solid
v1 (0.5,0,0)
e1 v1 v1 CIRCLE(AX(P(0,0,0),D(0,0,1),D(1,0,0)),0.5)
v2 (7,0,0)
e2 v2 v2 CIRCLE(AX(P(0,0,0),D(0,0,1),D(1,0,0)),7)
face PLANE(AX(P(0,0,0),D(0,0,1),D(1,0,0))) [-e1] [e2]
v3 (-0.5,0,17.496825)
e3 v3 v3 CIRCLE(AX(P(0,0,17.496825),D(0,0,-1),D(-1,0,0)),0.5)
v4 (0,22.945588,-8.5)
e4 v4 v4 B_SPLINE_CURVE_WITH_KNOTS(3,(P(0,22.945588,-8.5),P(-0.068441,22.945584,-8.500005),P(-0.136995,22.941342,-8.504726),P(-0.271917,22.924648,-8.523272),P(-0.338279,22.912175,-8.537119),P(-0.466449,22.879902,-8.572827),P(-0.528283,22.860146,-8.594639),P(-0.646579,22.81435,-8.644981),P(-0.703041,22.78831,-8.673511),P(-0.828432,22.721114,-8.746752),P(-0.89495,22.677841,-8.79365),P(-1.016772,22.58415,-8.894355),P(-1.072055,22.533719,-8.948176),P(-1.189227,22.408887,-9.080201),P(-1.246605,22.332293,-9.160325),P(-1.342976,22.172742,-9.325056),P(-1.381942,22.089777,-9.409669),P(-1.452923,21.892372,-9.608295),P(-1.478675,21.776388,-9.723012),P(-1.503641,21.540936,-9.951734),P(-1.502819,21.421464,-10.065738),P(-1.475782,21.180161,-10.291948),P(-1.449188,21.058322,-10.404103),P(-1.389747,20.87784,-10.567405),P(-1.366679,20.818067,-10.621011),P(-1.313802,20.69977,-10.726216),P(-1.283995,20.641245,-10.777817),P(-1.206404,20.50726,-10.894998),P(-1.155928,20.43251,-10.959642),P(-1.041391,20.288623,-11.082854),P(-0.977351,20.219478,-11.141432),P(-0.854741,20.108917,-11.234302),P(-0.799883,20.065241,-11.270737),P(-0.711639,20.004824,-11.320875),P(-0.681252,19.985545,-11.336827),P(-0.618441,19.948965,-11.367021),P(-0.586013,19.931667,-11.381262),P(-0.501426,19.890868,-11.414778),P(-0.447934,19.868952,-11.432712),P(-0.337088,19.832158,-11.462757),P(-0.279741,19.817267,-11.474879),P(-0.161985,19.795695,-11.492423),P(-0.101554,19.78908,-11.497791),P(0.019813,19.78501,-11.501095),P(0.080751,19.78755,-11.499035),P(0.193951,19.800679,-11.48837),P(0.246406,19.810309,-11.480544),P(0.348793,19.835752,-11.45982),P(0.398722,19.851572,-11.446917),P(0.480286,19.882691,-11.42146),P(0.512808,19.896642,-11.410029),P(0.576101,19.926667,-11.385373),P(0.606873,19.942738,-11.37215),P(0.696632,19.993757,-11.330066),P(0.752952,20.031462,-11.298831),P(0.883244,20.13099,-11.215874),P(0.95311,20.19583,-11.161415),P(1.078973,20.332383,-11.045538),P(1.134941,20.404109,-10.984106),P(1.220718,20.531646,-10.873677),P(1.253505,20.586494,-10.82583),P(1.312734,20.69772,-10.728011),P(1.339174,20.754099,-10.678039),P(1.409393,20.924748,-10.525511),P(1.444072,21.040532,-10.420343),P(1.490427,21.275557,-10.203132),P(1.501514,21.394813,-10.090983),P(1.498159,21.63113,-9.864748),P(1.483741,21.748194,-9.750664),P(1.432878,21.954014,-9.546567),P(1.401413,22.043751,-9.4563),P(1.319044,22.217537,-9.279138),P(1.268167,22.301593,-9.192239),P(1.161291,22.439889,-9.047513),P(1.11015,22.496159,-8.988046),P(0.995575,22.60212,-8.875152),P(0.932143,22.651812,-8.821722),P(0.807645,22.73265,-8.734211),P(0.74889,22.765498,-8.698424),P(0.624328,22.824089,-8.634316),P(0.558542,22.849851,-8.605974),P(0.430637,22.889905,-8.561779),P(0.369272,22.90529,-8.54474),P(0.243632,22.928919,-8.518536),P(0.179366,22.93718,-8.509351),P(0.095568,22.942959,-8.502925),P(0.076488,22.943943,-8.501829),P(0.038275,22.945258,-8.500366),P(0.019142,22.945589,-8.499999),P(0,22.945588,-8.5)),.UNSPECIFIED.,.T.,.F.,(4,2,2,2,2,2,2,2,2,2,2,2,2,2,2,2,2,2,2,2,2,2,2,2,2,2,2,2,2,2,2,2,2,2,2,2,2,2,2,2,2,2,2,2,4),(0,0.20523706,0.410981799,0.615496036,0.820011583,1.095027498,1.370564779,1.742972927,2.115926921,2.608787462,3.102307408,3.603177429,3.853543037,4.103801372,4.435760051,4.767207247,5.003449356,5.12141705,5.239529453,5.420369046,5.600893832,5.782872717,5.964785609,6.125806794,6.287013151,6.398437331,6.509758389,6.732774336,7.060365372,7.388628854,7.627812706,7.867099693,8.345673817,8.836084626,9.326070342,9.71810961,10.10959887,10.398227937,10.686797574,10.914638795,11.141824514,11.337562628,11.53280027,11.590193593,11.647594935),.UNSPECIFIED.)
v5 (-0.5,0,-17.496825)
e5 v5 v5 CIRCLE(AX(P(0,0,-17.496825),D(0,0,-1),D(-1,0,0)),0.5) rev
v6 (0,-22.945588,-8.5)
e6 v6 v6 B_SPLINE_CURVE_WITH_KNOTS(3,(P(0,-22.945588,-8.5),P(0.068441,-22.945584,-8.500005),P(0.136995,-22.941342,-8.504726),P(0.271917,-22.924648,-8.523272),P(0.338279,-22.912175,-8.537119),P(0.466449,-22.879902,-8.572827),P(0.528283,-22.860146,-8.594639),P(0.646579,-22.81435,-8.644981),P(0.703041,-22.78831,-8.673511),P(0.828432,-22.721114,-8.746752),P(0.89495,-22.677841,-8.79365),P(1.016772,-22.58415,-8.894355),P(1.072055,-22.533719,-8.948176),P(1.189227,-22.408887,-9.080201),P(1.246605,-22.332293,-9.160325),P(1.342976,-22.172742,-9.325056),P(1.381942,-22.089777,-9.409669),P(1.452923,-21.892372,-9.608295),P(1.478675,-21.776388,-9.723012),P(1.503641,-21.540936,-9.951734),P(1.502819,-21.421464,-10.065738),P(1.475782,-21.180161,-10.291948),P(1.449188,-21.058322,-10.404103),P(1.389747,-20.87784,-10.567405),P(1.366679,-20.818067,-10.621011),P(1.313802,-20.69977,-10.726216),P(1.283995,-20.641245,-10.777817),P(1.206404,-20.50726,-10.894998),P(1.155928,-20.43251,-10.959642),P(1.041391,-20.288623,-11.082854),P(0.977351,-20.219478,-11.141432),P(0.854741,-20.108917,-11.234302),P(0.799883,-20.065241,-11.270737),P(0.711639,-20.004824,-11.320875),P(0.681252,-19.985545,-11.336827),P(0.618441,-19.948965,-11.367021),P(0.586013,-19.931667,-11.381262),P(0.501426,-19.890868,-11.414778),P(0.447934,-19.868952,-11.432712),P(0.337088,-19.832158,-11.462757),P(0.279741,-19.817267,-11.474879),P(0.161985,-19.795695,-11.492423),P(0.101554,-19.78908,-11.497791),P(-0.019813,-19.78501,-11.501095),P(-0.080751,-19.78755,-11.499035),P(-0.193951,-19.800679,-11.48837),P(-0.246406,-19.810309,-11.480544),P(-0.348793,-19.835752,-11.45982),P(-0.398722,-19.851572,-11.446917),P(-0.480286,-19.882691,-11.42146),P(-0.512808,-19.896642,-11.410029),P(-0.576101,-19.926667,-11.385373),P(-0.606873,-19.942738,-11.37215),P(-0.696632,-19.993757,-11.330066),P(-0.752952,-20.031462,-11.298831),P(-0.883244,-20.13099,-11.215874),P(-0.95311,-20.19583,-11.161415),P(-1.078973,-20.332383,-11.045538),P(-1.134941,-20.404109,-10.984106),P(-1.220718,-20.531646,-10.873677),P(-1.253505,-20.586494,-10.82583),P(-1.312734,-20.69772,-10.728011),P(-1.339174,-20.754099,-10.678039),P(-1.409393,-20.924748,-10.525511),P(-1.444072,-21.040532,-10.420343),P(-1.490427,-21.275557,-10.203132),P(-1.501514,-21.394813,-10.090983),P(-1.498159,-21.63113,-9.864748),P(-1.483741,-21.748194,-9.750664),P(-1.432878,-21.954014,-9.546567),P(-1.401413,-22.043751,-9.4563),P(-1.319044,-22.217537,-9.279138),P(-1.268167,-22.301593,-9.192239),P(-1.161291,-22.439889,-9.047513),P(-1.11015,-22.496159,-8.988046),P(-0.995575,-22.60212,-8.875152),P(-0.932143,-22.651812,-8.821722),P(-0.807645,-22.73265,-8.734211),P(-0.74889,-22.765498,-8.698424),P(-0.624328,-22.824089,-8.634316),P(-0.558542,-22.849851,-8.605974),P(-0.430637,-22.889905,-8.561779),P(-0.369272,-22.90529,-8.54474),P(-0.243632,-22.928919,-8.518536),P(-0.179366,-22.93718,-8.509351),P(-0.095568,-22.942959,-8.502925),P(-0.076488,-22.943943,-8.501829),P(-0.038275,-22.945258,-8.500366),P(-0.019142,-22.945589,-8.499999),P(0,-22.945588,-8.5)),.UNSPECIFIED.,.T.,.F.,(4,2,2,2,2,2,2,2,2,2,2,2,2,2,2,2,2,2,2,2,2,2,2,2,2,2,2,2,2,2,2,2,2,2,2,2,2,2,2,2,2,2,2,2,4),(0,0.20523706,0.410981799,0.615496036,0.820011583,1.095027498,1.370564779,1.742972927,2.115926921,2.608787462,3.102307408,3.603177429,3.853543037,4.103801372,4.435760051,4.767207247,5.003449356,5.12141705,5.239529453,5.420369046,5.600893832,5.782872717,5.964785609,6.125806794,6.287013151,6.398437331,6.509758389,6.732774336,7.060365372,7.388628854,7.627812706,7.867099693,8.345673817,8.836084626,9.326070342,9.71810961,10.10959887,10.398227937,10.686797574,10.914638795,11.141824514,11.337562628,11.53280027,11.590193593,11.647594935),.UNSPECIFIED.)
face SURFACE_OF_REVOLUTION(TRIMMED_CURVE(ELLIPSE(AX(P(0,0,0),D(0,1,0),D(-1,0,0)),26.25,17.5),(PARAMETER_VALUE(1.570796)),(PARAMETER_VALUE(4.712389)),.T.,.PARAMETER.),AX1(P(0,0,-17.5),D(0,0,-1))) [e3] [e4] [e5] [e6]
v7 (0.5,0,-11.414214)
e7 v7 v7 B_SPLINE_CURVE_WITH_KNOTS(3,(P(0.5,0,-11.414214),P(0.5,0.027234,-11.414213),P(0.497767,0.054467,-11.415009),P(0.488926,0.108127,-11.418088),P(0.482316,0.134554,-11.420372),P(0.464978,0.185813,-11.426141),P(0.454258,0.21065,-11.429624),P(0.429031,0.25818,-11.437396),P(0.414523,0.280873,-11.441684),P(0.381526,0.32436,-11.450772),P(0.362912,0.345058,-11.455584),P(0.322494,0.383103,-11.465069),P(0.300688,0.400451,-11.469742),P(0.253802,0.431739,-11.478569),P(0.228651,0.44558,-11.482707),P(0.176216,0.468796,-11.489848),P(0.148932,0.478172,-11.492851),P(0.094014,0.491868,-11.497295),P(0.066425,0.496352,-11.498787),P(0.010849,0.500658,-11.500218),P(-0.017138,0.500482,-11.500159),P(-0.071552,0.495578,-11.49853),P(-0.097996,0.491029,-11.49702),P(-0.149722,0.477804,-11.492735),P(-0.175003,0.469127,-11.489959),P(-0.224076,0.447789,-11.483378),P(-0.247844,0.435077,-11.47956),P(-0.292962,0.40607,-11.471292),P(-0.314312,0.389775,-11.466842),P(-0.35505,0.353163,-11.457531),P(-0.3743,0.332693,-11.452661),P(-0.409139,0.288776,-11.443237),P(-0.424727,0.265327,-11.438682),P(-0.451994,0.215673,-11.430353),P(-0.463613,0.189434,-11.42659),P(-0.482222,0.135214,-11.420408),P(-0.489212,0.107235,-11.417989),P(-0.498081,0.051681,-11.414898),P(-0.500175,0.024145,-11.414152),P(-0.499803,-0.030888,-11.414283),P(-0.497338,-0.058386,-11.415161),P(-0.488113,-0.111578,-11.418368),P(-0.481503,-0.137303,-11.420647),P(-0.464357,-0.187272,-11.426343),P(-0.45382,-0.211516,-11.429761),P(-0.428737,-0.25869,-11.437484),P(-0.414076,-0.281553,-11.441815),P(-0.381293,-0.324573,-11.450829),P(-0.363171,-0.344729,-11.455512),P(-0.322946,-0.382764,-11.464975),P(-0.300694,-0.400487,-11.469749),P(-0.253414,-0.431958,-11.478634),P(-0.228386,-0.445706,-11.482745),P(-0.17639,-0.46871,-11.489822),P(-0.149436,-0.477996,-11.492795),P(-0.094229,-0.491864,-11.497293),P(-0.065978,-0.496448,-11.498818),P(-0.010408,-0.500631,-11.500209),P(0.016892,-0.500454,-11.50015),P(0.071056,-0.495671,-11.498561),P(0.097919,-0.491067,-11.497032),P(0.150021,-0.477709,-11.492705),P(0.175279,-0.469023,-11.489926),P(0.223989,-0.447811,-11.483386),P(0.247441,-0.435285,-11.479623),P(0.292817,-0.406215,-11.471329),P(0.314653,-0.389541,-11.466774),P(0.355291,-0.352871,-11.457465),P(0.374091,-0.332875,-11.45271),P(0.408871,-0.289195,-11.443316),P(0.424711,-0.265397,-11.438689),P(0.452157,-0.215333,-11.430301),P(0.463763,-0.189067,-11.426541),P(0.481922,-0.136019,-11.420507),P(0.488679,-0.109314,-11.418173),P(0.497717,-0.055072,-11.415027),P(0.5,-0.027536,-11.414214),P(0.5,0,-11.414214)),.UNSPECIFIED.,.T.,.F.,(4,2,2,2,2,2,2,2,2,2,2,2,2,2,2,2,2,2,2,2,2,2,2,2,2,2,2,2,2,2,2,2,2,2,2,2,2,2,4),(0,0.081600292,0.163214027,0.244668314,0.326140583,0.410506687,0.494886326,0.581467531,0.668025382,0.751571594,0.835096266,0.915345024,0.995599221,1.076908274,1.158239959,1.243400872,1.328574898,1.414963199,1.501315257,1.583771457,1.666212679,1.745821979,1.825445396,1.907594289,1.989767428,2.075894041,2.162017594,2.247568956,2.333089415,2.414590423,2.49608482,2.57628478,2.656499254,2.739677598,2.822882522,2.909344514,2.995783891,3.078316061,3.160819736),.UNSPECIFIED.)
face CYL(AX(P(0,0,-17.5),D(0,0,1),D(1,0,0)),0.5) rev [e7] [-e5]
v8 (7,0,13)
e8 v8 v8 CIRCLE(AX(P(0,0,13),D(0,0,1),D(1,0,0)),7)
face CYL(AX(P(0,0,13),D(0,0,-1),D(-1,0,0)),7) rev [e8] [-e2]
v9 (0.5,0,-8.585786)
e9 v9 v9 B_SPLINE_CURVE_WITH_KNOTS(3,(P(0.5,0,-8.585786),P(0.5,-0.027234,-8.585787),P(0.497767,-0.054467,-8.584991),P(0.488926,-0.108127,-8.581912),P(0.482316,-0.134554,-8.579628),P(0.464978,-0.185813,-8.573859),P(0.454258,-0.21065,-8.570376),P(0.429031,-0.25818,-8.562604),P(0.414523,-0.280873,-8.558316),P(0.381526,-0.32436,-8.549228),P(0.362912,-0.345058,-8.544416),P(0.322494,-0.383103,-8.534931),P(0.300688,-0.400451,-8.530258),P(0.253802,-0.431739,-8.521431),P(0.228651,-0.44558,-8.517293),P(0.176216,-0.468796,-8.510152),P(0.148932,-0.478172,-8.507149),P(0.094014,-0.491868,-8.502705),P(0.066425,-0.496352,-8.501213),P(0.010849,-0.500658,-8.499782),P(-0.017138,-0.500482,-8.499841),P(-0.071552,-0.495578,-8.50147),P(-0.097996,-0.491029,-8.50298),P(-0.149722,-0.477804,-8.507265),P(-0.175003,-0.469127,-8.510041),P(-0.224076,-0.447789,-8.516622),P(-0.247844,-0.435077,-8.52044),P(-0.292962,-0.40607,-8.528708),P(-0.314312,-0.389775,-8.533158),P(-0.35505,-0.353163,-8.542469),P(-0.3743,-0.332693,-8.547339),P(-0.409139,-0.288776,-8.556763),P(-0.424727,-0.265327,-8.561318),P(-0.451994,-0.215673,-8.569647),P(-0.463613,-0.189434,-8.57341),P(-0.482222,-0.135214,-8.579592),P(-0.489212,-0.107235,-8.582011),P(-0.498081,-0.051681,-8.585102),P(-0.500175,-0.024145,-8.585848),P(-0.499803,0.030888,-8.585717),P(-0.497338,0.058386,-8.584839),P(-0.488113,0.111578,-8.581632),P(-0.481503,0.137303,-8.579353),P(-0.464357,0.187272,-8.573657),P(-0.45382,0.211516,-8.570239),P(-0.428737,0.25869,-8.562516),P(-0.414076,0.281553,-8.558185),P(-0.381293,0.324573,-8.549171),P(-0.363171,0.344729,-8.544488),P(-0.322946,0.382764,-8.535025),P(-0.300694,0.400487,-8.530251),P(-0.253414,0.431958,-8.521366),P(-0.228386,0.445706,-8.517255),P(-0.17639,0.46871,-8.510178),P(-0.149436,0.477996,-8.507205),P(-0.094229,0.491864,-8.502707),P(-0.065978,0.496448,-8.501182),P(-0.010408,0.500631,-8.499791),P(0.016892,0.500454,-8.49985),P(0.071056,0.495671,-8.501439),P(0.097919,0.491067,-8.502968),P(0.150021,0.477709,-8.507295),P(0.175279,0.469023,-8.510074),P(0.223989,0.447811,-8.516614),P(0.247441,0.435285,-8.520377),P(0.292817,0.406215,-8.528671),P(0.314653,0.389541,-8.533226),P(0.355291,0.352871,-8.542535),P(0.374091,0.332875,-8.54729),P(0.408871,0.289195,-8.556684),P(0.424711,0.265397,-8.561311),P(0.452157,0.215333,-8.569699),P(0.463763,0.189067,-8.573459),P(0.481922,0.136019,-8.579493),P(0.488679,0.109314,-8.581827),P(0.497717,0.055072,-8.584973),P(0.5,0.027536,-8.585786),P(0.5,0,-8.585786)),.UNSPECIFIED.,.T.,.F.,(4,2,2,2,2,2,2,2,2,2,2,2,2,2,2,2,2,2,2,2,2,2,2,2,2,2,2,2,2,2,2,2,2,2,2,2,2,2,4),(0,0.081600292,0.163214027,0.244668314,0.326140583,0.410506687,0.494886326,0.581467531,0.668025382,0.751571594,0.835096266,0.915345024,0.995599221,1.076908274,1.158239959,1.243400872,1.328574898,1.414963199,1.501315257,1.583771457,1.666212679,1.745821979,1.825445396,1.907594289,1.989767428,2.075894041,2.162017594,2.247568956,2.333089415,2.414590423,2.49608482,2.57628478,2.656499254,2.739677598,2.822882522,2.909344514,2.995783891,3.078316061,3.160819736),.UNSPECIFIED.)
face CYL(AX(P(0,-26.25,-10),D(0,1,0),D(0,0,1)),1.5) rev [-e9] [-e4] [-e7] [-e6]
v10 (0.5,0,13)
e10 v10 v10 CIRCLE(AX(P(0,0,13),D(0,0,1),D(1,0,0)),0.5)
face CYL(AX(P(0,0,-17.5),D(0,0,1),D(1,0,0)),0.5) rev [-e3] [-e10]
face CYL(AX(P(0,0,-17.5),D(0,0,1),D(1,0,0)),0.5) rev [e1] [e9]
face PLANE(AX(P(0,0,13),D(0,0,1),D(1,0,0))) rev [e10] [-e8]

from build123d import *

# Parameters (mm, degrees)
SKETCH3_R               = 7
CUT_EXTRUDE1_DEPTH      = 13
CUT_EXTRUDE2_DEPTH      = 42.041138069
CUT_EXTRUDE2_DEPTH_BACK = 42.041138069
SKETCH4_R               = 0.5
CUT_EXTRUDE3_DEPTH      = 42.039784391
CUT_EXTRUDE3_DEPTH_BACK = 42.039784391
SKETCH5_R               = 1.5


with BuildPart() as part:
    # Sketch1 → Revolve4 (revolve)
    with BuildSketch(Plane(origin=(0, 0, 0), x_dir=(1, 0, 0), z_dir=(0, 1, 0))):
        with BuildLine():
            Line((0, 17.5), (0, -17.5))
            add(Edge.make_bspline(
                [(0, -17.5), (26.25, -17.5), (26.25, 0), (26.25, 17.5), (0, 17.5)],
                knots=[1.570796327, 1.570796327, 1.570796327, 3.141592654, 3.141592654, 4.71238898, 4.71238898, 4.71238898], degree=2, weights=[1, 0.707106781, 1, 0.707106781, 1]))
        make_face()
    revolve(axis=Axis((0, 0, -17.5), (0, 0, 1)))

    # Sketch3 → Cut-Extrude1 (cut)
    with BuildSketch(Plane.XY):
        Circle(SKETCH3_R)
    extrude(amount=CUT_EXTRUDE1_DEPTH, mode=Mode.SUBTRACT)

    # Sketch4 → Cut-Extrude2 (cut, two sides: drawn at the far end of the back side and taken through both)
    with BuildSketch(Plane.XY.offset(-CUT_EXTRUDE2_DEPTH_BACK)):
        Circle(SKETCH4_R)
    extrude(amount=CUT_EXTRUDE2_DEPTH + CUT_EXTRUDE2_DEPTH_BACK, mode=Mode.SUBTRACT)

    # Sketch5 → Cut-Extrude3 (cut, two sides: drawn at the far end of the back side and taken through both)
    with BuildSketch(Plane(origin=(0, 0, 0), x_dir=(1, 0, 0), z_dir=(0, 1, 0)).offset(-CUT_EXTRUDE3_DEPTH_BACK)):
        with Locations(Location((0, 10, 0), (0, 0, 270))):
            Circle(SKETCH5_R)
    extrude(amount=CUT_EXTRUDE3_DEPTH + CUT_EXTRUDE3_DEPTH_BACK, mode=Mode.SUBTRACT)


solid = part.part
